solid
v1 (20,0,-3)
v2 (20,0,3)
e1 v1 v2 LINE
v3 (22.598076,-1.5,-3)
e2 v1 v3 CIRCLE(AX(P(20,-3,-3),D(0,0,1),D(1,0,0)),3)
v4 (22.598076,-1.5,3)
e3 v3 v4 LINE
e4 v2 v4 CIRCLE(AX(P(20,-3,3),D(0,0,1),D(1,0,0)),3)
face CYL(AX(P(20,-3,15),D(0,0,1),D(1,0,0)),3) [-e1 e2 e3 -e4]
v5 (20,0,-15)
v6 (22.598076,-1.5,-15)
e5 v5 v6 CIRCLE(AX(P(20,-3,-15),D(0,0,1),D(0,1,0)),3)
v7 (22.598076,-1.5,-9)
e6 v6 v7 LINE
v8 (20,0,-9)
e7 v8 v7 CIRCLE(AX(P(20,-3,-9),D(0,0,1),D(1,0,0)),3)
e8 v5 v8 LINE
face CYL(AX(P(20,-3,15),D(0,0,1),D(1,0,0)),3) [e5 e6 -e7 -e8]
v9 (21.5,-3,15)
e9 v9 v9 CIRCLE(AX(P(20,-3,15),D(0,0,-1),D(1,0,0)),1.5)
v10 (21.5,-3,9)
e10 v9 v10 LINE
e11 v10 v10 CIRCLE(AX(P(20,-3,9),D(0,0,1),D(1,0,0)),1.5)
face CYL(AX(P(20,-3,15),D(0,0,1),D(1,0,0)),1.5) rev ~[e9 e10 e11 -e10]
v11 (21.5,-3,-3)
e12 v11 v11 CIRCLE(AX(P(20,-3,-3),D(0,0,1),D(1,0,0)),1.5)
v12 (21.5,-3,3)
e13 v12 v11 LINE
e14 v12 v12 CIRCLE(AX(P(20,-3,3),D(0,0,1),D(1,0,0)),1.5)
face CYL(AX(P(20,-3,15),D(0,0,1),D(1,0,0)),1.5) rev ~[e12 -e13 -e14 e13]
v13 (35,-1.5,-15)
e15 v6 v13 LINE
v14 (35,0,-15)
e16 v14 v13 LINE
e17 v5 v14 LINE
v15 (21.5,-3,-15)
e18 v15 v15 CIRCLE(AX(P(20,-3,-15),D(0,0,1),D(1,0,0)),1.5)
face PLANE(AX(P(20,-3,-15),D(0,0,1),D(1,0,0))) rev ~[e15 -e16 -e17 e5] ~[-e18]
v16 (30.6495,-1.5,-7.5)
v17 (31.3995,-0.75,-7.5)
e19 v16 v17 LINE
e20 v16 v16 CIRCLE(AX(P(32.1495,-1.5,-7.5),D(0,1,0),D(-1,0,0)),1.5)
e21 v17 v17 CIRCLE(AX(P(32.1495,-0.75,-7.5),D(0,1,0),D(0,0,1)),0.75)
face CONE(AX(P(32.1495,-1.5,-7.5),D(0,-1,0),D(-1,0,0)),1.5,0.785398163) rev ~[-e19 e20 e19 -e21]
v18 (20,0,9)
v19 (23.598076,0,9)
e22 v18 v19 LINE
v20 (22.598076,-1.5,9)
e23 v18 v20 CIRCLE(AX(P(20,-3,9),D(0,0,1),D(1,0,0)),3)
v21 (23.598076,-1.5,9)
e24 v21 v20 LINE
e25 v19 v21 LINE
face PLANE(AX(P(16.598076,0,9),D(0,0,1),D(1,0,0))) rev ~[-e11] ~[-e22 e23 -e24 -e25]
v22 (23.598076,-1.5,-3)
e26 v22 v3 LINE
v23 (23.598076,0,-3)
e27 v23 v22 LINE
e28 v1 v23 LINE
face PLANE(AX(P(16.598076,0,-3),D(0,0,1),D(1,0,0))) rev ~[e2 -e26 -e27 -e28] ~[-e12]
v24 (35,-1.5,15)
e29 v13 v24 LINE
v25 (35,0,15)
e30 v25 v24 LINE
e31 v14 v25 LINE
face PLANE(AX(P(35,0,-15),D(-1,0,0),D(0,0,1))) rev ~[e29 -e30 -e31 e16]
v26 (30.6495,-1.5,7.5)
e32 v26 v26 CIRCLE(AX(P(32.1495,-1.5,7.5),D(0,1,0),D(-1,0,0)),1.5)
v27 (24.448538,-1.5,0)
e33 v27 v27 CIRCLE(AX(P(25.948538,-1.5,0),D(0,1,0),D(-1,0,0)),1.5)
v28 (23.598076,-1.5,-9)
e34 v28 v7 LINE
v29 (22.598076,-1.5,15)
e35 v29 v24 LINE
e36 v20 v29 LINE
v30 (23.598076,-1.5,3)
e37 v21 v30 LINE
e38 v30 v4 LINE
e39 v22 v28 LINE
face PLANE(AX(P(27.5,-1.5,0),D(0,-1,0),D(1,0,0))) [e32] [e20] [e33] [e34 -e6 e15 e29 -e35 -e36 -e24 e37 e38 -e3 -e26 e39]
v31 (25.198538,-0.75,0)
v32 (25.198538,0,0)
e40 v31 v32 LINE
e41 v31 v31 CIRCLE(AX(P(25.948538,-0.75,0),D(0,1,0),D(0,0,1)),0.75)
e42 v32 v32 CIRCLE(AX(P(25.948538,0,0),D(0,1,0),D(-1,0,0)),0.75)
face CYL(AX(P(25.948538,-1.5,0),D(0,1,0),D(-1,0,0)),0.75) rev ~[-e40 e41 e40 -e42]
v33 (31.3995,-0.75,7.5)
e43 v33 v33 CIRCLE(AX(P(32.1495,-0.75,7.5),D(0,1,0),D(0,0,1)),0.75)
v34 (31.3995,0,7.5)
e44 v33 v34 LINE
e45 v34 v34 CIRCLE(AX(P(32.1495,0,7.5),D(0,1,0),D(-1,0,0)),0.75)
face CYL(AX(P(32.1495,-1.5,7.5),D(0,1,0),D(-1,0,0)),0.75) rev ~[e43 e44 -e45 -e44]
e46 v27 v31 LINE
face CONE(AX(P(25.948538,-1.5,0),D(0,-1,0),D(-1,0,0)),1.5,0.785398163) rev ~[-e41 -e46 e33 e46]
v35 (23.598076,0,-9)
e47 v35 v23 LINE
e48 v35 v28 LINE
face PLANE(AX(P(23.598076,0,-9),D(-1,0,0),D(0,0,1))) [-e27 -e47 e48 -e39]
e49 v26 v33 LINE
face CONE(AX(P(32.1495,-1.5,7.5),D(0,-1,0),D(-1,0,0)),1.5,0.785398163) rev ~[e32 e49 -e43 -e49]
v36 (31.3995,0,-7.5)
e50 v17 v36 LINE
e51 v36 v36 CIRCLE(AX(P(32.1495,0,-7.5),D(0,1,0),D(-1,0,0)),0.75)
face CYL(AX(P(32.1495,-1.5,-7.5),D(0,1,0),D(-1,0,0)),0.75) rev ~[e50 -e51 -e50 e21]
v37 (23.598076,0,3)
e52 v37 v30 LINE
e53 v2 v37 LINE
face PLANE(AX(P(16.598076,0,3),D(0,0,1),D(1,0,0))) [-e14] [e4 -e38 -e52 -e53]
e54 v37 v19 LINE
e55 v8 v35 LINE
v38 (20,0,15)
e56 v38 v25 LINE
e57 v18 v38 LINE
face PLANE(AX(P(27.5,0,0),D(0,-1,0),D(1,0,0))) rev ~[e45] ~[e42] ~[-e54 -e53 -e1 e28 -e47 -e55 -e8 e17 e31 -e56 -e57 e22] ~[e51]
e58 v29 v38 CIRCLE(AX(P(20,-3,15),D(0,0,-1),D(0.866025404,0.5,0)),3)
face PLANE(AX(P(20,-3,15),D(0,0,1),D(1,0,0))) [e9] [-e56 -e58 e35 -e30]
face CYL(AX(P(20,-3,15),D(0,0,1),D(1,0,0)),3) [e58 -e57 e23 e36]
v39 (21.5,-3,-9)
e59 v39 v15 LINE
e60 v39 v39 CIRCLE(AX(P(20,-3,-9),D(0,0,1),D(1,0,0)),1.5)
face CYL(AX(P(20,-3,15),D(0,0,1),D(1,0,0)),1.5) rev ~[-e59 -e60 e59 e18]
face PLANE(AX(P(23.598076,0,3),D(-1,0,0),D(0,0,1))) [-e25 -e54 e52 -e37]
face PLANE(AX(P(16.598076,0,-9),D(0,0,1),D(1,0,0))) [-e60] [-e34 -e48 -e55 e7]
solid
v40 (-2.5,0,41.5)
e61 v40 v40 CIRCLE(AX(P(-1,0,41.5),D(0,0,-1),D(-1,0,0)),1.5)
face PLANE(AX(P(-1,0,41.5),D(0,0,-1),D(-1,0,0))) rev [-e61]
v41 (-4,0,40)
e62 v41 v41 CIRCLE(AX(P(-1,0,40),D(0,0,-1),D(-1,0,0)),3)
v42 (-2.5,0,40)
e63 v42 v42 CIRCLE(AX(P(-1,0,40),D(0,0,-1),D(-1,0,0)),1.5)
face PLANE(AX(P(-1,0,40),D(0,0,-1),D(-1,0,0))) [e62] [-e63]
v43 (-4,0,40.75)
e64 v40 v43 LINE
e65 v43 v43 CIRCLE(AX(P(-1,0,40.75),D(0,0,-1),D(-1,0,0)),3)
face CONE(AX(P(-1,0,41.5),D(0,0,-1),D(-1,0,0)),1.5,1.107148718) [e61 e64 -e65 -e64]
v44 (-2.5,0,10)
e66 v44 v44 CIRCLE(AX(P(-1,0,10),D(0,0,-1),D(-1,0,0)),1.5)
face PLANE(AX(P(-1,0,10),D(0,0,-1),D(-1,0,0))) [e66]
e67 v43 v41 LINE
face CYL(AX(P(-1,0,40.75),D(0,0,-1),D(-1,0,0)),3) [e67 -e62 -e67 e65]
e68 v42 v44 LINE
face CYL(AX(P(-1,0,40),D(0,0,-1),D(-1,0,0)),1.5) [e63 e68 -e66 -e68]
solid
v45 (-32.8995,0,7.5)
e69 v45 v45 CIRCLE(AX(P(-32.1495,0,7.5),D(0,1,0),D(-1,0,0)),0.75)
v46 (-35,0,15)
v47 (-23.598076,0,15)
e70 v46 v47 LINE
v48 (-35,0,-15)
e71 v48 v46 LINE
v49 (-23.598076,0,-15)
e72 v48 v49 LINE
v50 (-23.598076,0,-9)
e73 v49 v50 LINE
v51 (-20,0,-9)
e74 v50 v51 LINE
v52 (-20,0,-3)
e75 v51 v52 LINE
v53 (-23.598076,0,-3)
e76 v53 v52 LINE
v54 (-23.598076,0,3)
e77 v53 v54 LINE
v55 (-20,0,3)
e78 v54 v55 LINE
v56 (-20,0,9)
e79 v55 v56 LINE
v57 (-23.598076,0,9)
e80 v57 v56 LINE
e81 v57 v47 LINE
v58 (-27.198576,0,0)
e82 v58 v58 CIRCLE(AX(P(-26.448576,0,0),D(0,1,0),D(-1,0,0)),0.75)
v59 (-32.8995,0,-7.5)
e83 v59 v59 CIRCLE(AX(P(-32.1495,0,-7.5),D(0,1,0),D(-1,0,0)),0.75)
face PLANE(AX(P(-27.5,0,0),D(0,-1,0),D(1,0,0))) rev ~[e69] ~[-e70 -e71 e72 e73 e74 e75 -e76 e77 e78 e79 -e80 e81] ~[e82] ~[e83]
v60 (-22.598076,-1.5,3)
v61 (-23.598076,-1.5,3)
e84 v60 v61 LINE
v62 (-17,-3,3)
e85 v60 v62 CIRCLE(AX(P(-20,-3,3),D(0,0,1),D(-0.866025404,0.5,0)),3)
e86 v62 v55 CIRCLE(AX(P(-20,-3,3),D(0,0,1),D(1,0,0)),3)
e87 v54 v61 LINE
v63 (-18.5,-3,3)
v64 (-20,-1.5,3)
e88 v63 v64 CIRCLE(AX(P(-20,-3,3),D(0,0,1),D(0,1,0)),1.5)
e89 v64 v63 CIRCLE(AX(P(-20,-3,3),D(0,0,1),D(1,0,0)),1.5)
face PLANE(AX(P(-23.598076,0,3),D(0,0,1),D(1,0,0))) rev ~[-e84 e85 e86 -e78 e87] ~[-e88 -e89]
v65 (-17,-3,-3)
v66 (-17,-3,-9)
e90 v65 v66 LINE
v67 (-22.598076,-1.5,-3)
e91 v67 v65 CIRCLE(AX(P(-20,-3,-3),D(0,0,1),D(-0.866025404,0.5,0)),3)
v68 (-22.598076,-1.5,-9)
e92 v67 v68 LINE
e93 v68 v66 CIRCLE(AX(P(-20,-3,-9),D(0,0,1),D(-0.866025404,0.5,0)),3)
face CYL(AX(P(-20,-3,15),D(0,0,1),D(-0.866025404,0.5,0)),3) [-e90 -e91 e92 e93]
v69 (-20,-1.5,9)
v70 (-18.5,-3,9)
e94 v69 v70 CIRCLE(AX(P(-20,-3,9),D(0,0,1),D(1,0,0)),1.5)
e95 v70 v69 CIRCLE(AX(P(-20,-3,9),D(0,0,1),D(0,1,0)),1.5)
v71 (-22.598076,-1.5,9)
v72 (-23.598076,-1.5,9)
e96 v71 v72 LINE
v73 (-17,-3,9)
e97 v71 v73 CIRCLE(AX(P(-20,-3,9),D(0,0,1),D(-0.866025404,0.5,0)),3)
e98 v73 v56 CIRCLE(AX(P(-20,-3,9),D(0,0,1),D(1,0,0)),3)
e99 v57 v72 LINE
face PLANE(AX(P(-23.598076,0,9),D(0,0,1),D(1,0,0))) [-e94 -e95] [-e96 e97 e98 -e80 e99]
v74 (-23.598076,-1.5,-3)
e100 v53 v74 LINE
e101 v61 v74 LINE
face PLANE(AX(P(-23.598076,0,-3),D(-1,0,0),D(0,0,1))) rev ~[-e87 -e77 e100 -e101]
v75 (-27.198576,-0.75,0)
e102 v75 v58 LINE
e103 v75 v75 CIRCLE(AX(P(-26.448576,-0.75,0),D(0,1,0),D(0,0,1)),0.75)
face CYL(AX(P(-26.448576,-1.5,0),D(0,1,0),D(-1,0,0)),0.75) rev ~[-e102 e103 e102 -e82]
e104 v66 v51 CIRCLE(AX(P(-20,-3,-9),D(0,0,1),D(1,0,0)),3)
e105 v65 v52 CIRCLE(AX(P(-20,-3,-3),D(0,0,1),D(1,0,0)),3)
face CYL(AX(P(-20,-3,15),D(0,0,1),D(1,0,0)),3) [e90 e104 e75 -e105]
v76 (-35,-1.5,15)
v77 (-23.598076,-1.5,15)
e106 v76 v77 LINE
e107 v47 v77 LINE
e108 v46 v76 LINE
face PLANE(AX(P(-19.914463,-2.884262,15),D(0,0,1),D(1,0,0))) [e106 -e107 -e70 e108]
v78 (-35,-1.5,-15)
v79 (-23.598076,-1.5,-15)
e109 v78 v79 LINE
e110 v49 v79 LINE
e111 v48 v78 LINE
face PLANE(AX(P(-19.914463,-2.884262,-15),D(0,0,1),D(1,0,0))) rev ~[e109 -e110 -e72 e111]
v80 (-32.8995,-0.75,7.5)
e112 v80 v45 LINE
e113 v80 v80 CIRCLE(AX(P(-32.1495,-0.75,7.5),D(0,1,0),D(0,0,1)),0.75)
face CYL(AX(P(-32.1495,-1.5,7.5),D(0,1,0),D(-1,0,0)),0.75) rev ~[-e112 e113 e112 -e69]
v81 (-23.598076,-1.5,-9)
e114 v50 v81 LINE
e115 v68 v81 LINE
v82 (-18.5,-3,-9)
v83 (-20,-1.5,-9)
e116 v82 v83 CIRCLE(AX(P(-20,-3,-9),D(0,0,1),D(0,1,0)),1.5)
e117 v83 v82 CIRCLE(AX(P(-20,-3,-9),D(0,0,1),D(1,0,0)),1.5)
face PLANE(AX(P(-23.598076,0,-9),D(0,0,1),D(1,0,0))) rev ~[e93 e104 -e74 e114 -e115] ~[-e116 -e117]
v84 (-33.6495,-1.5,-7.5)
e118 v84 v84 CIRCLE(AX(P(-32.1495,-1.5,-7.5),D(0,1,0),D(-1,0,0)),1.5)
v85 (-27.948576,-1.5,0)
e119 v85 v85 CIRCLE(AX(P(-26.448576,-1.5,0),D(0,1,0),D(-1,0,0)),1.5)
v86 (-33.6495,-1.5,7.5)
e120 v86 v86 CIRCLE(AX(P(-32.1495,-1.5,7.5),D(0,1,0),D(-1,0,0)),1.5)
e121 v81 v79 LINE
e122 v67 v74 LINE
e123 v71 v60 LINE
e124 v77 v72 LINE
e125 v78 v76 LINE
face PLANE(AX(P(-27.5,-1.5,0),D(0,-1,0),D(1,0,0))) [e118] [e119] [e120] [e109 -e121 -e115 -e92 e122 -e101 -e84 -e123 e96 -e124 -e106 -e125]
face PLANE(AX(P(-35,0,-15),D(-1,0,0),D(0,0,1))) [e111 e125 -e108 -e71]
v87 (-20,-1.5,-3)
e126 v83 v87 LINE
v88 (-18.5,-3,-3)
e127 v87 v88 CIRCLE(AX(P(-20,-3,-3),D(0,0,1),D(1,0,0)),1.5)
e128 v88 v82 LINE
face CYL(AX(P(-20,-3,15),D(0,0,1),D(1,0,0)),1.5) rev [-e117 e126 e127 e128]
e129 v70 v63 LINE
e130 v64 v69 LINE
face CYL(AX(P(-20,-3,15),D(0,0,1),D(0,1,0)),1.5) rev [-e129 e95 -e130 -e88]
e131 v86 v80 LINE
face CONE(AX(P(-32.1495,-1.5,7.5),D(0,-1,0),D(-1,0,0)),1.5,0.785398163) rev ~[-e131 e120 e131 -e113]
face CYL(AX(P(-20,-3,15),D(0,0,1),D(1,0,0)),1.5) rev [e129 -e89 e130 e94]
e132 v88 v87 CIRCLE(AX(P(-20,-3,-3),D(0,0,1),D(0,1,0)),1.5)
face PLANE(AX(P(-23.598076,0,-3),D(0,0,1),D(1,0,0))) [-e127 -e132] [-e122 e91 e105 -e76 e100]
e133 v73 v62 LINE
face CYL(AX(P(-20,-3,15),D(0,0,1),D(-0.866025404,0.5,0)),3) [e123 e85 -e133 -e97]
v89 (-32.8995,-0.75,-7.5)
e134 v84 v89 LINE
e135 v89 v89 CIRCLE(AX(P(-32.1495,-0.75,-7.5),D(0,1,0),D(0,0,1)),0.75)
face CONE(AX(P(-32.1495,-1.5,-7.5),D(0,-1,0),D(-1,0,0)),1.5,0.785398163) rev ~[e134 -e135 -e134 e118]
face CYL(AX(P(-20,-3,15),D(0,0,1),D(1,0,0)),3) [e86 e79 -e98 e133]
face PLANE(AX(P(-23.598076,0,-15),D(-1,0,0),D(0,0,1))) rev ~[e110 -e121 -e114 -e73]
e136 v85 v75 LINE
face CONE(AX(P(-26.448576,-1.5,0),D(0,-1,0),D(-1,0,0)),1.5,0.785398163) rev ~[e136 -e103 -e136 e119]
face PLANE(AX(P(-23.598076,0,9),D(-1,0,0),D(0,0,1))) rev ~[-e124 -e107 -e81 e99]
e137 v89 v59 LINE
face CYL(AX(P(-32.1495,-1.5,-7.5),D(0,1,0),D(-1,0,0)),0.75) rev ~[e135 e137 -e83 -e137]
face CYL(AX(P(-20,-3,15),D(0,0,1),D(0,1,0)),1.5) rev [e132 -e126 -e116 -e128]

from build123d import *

# Parameters (mm, degrees)
F0_W                   = 15
F0_H                   = 30
F1_DEPTH               = 1.5
F3_DEPTH               = 30
F4_R                   = 3
F4_R_2                 = 1.5
F5_DEPTH               = 30
F6_W                   = 7
F6_H                   = 6
F7_DEPTH               = 25
F12_D                  = 1.5
F12_CSINK_D            = 3
F12_CSINK_ANGLE        = 90
F12_ON_F11_D           = 1.5
F12_ON_F11_CSINK_D     = 3
F12_ON_F11_CSINK_ANGLE = 90


with BuildPart() as f1:
    # F0 (on Front) → F1 (new body)
    with BuildSketch(Plane.XZ):
        with Locations((-27.5, 0)):
            Rectangle(F0_W, F0_H)
    extrude(amount=F1_DEPTH)

    # F2 (on face) → F3 (join, through all)
    with BuildSketch(Plane.XY.offset(15)):
        with BuildLine():
            Line((-20, 0), (-20, -1.5))
            Line((-20, -1.5), (-22.5980762114, -1.5))
            ThreePointArc((-22.5980762114, -1.5), (-20.7764571353, -5.8977774789), (-17, -3))
            ThreePointArc((-17, -3), (-17.8786796564, -0.8786796564), (-20, 0))
        make_face()
        with BuildLine():
            ThreePointArc((-20, -1.5), (-18.9393398282, -1.9393398282), (-18.5, -3))
            ThreePointArc((-18.5, -3), (-21.0606601718, -4.0606601718), (-20, -1.5))
        make_face(mode=Mode.SUBTRACT)
        with BuildLine():
            Line((-22.5980762114, -1.5), (-20, -1.5))
            Line((-20, -1.5), (-20, 0))
            ThreePointArc((-20, 0), (-21.5, -0.4019237886), (-22.5980762114, -1.5))
        make_face()
    extrude(amount=-F3_DEPTH)


with BuildPart() as f1b:
    # F0 (on Front) → F1, piece 2 (new body)
    with BuildSketch(Plane.XZ):
        with Locations((27.5, 0)):
            Rectangle(F0_W, F0_H)
    extrude(amount=F1_DEPTH)

    # F4 (on face) → F5 (join, through all)
    with BuildSketch(Plane.XY.offset(15)):
        with Locations((20, -3)):
            Circle(F4_R)
        with Locations((20, -3)):
            Circle(F4_R_2, mode=Mode.SUBTRACT)
    extrude(amount=-F5_DEPTH)


with BuildPart() as f7_tool:
    # F6 (on Front) → F7 (new body)
    with BuildSketch(Plane.XZ):
        with Locations((-20.0980762114, 12)):
            Rectangle(F6_W, F6_H)
        with Locations((20.0980762114, 6)):
            Rectangle(F6_W, F6_H)
        with Locations((-20.0980762114, 0)):
            Rectangle(F6_W, F6_H)
        with Locations((20.0980762114, -6)):
            Rectangle(F6_W, F6_H)
        with Locations((-20.0980762114, -12)):
            Rectangle(F6_W, F6_H)
    extrude(amount=F7_DEPTH)


with BuildPart() as f1_1:
    add(f1.part)

    # F7: cut by f7_tool
    add(f7_tool.part, mode=Mode.SUBTRACT)

    # F12 (through all)
    with Locations(Plane.XZ.offset(1.5)):
        with Locations((-32.1495, 7.5), (-26.4485762114, 0), (-32.1495, -7.5)):
            CounterSinkHole(F12_D / 2, F12_CSINK_D / 2, counter_sink_angle=F12_CSINK_ANGLE)


with BuildPart() as f1b_1:
    add(f1b.part)

    # F7: cut by f7_tool
    add(f7_tool.part, mode=Mode.SUBTRACT)

    # F12 on F11 (through all)
    with Locations(Plane.XZ.offset(1.5)):
        with Locations((32.1495, -7.5), (25.9485381057, 0), (32.1495, 7.5)):
            CounterSinkHole(F12_ON_F11_D / 2, F12_ON_F11_CSINK_D / 2, counter_sink_angle=F12_ON_F11_CSINK_ANGLE)


with BuildPart() as f9:
    # F8 (on Front) → F9 (revolve)
    with BuildSketch(Plane.XZ):
        Polygon((-1, 41.5), (-2.5, 41.5), (-4, 40.75), (-4, 40), (-2.5, 40), (-2.5, 10), (-1, 10), align=None)
    revolve(axis=Axis((-1, 0, 25.75), (0, 0, -1)))


solid = Compound([f1_1.part, f1b_1.part, f9.part])
